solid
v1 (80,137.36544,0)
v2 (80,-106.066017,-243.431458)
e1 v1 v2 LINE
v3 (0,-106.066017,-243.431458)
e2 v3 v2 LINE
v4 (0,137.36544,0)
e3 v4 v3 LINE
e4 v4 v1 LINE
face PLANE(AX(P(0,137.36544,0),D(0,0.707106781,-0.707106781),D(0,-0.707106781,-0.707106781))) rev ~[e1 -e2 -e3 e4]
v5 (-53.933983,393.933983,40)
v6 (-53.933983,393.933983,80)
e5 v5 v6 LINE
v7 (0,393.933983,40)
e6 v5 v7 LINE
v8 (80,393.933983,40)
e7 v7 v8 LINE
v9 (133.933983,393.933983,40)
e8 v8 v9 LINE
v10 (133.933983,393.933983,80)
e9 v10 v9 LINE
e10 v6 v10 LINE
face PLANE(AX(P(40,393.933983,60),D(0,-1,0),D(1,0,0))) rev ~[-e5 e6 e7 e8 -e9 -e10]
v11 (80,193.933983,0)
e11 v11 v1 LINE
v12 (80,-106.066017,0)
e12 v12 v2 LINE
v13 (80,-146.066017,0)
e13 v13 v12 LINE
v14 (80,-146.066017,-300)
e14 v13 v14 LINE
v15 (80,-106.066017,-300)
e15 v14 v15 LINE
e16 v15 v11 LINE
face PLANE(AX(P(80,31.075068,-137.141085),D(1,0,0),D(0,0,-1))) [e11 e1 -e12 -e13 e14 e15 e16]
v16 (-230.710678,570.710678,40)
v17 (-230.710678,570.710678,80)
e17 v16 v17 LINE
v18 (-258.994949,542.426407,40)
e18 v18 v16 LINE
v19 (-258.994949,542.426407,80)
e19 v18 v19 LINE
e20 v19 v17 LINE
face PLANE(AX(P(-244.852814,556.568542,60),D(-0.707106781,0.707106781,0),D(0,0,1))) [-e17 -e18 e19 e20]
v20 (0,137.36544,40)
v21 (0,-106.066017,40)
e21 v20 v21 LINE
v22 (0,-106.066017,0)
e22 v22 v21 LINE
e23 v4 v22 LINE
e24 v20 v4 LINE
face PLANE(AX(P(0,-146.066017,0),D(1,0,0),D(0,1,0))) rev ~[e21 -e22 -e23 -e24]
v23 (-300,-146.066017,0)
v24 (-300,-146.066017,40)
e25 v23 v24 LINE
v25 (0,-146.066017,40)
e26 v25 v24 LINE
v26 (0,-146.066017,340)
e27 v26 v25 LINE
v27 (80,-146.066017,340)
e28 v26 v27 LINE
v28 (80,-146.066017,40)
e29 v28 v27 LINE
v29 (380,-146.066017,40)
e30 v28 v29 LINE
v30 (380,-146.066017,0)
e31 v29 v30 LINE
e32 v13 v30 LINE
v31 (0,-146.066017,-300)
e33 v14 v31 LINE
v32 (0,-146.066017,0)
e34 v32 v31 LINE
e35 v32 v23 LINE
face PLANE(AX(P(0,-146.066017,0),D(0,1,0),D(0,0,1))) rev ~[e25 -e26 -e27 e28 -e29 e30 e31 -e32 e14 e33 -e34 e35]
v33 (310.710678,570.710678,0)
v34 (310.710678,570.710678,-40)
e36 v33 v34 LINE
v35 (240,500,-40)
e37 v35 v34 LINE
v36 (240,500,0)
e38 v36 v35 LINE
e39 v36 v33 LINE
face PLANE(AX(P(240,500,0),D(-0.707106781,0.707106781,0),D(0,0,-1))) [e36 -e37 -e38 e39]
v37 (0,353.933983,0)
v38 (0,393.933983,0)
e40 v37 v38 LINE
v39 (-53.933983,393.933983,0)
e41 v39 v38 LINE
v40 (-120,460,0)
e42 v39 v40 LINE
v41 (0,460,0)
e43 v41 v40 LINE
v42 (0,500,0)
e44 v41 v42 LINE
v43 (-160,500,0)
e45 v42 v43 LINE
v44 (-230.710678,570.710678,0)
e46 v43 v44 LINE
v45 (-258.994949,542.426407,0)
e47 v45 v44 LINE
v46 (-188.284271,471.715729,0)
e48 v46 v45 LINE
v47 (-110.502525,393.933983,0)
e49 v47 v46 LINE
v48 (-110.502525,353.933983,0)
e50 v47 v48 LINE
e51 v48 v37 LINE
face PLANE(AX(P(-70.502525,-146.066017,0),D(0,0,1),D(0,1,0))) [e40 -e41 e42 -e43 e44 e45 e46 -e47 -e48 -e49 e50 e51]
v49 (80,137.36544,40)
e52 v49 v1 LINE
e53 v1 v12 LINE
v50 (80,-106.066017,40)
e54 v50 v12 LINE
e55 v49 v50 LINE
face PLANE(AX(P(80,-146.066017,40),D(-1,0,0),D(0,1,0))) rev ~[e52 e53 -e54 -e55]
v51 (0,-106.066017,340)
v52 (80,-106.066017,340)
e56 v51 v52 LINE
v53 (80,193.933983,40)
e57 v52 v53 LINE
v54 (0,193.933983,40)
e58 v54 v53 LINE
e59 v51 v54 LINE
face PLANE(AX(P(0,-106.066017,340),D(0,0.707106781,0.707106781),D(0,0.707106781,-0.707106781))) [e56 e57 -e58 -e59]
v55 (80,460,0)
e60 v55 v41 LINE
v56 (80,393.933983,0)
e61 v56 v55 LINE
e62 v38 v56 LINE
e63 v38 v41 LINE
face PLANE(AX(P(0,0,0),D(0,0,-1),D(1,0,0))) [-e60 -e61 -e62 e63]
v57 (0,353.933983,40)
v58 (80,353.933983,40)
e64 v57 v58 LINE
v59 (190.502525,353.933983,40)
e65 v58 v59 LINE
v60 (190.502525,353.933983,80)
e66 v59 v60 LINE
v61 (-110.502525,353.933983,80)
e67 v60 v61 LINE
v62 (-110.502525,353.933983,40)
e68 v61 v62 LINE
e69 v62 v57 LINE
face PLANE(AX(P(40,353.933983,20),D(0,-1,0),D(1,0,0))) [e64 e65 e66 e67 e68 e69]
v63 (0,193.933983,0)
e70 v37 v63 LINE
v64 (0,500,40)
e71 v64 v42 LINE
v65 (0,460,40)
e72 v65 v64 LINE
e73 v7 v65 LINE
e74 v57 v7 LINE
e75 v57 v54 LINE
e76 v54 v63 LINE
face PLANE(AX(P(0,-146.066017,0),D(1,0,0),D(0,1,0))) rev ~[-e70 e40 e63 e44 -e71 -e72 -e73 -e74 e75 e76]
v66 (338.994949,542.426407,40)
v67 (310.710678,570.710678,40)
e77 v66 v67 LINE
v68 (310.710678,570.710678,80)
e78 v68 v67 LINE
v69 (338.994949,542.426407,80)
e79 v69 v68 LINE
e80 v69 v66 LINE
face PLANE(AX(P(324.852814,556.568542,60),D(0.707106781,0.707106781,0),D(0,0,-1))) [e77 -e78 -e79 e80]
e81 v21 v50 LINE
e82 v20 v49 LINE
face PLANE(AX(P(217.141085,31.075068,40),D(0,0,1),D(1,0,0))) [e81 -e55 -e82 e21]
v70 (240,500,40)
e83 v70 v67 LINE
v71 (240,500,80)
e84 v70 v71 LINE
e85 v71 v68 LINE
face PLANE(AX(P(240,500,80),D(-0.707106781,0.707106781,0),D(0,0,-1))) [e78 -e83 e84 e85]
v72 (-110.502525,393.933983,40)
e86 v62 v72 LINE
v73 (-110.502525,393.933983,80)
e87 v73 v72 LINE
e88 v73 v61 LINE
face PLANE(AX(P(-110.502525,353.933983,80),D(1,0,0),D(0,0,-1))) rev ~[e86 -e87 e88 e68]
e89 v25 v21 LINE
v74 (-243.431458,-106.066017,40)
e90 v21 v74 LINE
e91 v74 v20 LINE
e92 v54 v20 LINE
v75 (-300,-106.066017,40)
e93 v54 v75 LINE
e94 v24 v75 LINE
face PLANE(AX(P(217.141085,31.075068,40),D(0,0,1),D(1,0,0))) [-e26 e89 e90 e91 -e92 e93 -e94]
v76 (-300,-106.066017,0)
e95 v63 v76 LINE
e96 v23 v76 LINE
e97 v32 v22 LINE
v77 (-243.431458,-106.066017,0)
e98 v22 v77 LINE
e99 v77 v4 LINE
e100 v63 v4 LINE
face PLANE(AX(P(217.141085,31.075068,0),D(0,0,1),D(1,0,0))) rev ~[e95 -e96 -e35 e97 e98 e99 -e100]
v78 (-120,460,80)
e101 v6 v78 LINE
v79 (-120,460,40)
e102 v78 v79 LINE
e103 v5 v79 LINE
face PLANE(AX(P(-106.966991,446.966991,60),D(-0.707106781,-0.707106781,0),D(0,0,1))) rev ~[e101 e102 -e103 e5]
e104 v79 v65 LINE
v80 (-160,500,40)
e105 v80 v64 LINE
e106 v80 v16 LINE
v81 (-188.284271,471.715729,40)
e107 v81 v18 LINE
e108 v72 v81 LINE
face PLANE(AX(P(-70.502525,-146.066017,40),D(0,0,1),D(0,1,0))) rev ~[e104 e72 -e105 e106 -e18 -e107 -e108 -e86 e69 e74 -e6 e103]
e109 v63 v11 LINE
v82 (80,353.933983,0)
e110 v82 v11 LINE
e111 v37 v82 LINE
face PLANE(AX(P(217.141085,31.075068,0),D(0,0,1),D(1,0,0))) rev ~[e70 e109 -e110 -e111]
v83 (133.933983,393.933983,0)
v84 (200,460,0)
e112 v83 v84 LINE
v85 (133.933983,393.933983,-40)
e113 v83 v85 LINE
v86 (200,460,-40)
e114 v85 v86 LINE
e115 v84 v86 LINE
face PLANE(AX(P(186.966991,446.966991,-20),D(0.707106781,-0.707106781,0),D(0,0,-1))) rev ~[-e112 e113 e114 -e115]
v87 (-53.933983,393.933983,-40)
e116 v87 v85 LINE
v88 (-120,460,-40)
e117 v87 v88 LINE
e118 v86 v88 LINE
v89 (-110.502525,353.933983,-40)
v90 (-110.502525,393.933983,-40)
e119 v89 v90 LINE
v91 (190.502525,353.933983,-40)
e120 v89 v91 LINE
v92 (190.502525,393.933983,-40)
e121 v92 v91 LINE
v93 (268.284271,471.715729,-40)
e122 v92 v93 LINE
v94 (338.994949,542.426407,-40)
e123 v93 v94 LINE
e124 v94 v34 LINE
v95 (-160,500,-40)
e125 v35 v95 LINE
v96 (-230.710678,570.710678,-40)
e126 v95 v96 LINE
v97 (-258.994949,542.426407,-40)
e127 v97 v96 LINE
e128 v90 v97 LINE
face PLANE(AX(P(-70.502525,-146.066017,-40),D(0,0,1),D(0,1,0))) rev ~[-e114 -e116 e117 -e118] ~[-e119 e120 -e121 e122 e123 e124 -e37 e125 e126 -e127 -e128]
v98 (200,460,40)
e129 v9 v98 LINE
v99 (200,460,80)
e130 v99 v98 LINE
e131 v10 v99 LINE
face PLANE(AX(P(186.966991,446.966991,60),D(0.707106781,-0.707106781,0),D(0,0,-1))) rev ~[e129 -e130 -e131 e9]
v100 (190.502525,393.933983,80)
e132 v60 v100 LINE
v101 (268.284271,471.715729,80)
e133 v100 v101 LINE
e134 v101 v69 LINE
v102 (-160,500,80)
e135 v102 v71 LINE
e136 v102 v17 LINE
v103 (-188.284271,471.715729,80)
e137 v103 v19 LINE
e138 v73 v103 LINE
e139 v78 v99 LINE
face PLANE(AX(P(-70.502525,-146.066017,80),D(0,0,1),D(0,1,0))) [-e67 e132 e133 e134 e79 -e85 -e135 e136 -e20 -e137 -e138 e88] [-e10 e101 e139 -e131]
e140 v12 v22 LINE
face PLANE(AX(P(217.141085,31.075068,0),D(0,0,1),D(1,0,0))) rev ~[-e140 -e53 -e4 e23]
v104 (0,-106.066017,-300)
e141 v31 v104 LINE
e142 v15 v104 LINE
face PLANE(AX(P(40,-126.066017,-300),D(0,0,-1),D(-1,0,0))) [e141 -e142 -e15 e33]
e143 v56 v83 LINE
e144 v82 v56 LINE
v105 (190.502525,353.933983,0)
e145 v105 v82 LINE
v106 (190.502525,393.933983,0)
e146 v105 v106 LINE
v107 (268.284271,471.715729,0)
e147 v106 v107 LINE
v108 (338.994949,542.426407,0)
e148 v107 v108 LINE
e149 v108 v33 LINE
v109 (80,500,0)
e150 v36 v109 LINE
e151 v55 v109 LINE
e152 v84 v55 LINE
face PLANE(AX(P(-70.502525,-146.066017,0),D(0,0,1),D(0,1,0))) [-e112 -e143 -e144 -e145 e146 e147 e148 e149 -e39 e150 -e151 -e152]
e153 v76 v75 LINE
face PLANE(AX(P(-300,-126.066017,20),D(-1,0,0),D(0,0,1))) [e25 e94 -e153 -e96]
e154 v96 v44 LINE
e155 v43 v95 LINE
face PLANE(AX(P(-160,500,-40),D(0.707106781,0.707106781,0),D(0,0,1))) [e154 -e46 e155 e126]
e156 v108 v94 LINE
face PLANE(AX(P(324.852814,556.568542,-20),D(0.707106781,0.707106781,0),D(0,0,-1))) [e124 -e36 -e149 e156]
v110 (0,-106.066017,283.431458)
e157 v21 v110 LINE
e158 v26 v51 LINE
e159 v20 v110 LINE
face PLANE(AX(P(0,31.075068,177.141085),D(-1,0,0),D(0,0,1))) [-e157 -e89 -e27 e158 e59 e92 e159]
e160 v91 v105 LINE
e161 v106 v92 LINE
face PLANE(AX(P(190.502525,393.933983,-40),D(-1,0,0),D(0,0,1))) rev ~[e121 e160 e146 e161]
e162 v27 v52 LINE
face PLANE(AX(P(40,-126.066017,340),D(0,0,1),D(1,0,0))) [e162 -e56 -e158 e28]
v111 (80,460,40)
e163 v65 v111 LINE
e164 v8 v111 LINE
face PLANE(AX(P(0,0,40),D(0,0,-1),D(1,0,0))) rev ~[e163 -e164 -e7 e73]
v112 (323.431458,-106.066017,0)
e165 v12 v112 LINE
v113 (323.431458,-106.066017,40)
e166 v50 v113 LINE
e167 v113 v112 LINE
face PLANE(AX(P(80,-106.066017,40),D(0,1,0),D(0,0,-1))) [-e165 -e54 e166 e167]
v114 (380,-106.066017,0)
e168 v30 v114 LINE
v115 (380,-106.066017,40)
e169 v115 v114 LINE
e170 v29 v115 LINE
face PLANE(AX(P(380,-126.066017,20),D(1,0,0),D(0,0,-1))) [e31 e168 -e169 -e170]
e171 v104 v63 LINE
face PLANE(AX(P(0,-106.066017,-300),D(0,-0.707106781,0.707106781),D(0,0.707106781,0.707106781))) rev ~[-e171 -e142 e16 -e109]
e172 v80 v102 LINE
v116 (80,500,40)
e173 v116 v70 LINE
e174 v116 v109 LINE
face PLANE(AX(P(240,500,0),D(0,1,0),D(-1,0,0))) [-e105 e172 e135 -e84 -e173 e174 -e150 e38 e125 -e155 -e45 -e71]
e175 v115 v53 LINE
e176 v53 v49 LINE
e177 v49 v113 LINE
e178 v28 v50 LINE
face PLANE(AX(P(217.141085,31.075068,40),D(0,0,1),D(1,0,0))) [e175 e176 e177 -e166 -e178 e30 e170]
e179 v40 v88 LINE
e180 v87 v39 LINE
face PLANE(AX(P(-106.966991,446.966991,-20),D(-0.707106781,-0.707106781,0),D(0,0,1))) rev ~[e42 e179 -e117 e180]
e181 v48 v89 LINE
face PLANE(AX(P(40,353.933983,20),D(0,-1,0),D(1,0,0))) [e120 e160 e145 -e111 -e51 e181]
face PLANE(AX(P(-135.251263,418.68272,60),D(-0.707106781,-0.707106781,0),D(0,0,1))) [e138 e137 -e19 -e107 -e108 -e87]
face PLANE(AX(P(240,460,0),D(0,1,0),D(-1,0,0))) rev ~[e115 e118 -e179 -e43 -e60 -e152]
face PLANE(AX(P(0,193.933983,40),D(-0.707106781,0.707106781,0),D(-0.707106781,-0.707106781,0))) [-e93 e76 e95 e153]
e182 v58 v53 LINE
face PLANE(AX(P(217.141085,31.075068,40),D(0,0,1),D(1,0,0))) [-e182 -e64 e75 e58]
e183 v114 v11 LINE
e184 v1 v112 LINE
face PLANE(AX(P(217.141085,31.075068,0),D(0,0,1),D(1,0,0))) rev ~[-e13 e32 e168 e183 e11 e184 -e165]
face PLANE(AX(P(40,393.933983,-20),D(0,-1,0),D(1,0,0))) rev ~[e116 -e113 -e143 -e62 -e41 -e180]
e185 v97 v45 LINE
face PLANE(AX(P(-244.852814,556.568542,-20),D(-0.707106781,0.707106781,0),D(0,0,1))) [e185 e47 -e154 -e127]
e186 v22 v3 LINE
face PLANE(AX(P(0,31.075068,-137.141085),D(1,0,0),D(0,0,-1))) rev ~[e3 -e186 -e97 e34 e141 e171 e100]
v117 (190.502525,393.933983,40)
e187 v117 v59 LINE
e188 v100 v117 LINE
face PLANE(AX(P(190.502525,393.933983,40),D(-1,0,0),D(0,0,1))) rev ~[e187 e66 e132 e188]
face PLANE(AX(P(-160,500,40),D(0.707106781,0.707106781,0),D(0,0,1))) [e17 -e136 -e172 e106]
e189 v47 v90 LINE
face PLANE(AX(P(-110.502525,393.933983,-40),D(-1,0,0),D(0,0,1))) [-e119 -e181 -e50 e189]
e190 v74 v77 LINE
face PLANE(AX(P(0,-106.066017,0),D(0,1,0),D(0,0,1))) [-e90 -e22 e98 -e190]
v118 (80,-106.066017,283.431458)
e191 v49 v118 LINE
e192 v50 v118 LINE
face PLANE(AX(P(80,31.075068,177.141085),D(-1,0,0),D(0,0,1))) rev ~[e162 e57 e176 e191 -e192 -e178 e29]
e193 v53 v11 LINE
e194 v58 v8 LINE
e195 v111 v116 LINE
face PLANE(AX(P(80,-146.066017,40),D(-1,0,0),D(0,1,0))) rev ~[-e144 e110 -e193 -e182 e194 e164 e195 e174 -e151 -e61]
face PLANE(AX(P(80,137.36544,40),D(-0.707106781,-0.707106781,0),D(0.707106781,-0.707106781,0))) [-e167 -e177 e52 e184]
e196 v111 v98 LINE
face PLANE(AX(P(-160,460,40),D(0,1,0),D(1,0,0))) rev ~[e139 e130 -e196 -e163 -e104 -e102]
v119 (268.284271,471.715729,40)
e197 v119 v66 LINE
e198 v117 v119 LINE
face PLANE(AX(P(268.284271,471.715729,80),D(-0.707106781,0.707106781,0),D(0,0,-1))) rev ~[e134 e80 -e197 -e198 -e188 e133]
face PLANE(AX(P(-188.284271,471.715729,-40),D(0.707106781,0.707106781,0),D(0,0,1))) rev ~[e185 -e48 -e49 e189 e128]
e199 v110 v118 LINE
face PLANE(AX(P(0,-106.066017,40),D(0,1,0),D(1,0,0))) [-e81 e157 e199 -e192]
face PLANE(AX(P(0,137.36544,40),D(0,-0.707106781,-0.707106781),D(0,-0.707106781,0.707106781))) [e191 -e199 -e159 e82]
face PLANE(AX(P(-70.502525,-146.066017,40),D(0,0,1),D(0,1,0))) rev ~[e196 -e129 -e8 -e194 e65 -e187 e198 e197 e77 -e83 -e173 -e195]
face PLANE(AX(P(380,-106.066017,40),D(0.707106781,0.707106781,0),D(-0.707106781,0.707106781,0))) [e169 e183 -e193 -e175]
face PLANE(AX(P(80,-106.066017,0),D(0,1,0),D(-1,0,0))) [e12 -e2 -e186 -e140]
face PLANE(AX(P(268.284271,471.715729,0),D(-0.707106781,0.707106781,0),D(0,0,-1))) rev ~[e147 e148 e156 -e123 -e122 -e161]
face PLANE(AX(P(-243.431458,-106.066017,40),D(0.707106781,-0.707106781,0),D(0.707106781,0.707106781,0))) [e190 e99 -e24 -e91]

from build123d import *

# Parameters (mm, degrees)
SKETCH_1_W          = 80
SKETCH_1_H          = 40
EXTRUDE_1_DEPTH     = 500
SKETCH_2_W          = 400
SKETCH_2_H          = 40
EXTRUDE_2_DEPTH     = 40
SKETCH_3_W          = 400
SKETCH_3_H          = 40
EXTRUDE_3_DEPTH     = 40
CUT_EXTRUDE_1_DEPTH = 121
SKETCH_5_W          = 40
SKETCH_5_H          = 150
EXTRUDE_4_DEPTH     = 40
SKETCH_6_W          = 40
SKETCH_6_H          = 40
EXTRUDE_5_DEPTH     = 100
SKETCH_7_W          = 40
SKETCH_7_H          = 150
EXTRUDE_6_DEPTH     = 40
SKETCH_8_W          = 40
SKETCH_8_H          = 40
EXTRUDE_7_DEPTH     = 100
SKETCH_9_W          = 40
SKETCH_9_H          = 150
EXTRUDE_8_DEPTH     = 40
SKETCH_10_W         = 40
SKETCH_10_H         = 40
EXTRUDE_9_DEPTH     = 100
CUT_EXTRUDE_2_DEPTH = 121
SKETCH_13_W         = 301.005050634
SKETCH_13_H         = 40
EXTRUDE_10_DEPTH    = 40
SKETCH_14_W         = 40
SKETCH_14_H         = 40
EXTRUDE_11_DEPTH    = 500
SKETCH_15_W         = 80
SKETCH_15_H         = 40
EXTRUDE_12_DEPTH    = 146.066017
EXTRUDE_13_REACH    = 411.497
SKETCH_17_W         = 40
SKETCH_17_H         = 40
CUT_EXTRUDE_3_DEPTH = 500
SKETCH_19_W         = 80
SKETCH_19_H         = 40
EXTRUDE_14_DEPTH    = 500
SKETCH_20_W         = 80
SKETCH_20_H         = 40
EXTRUDE_15_DEPTH    = 300
SKETCH_21_W         = 40
SKETCH_21_H         = 40
EXTRUDE_16_DEPTH    = 300
SKETCH_22_W         = 80
SKETCH_22_H         = 40
EXTRUDE_17_DEPTH    = 300
SKETCH_23_W         = 40
SKETCH_23_H         = 40
EXTRUDE_18_DEPTH    = 300
EXTRUDE_19_DEPTH    = 40
EXTRUDE_20_DEPTH    = 40
EXTRUDE_21_DEPTH    = 80
EXTRUDE_22_DEPTH    = 80


with BuildPart() as part:
    # 草图1 → 凸台-拉伸1 (new body)
    with BuildSketch(Plane(origin=(0, 0, 0), x_dir=(1, 0, 0), z_dir=(0, 1, 0))):
        with Locations((40, -20)):
            Rectangle(SKETCH_1_W, SKETCH_1_H)
    extrude(amount=EXTRUDE_1_DEPTH)

    # 草图2 → 凸台-拉伸2 (add)
    with BuildSketch(Plane.XY.offset(40)):
        with Locations((40, 480)):
            Rectangle(SKETCH_2_W, SKETCH_2_H)
    extrude(amount=EXTRUDE_2_DEPTH)

    # 草图3 → 凸台-拉伸3 (add)
    with BuildSketch(Plane(origin=(0, 0, 0), x_dir=(-1, 0, 0), z_dir=(0, 0, -1))):
        with Locations((-40, 480)):
            Rectangle(SKETCH_3_W, SKETCH_3_H)
    extrude(amount=EXTRUDE_3_DEPTH)

    # 草图4 → 切除-拉伸1 (cut, through all)
    with BuildSketch(Plane.XY.offset(80)):
        Polygon((-160, 500), (-120, 460), (-160, 460), align=None)
        Polygon((240, 500), (200, 460), (240, 460), align=None)
    extrude(amount=-CUT_EXTRUDE_1_DEPTH, mode=Mode.SUBTRACT)

    # 草图5 → 凸台-拉伸4 (add)
    with BuildSketch(Plane(origin=(-130, 130, 0), x_dir=(0, 0, -1), z_dir=(0.707106781, -0.707106781, 0))):
        with Locations((-60, 448.259018078)):
            Rectangle(SKETCH_5_W, SKETCH_5_H)
    extrude(amount=EXTRUDE_4_DEPTH)

    # 草图6 → 凸台-拉伸5 (add)
    with BuildSketch(Plane(origin=(370, 370, 0), x_dir=(0, 0, -1), z_dir=(0.707106781, 0.707106781, 0))):
        with Locations((-60, 163.847763108)):
            Rectangle(SKETCH_6_W, SKETCH_6_H)
    extrude(amount=EXTRUDE_5_DEPTH)

    # 草图7 → 凸台-拉伸6 (add)
    with BuildSketch(Plane(origin=(-130, 130, 0), x_dir=(0, 0, -1), z_dir=(0.707106781, -0.707106781, 0))):
        with Locations((20, 448.259018078)):
            Rectangle(SKETCH_7_W, SKETCH_7_H)
    extrude(amount=EXTRUDE_6_DEPTH)

    # 草图8 → 凸台-拉伸7 (add)
    with BuildSketch(Plane(origin=(370, 370, 0), x_dir=(0, 0, -1), z_dir=(0.707106781, 0.707106781, 0))):
        with Locations((20, 163.847763108)):
            Rectangle(SKETCH_8_W, SKETCH_8_H)
    extrude(amount=EXTRUDE_7_DEPTH)

    # 草图9 → 凸台-拉伸8 (add)
    with BuildSketch(Plane(origin=(170, 170, 0), x_dir=(0, 0, 1), z_dir=(-0.707106781, -0.707106781, 0))):
        with Locations((-20, 391.690475583)):
            Rectangle(SKETCH_9_W, SKETCH_9_H)
        with Locations((60, 391.690475583)):
            Rectangle(SKETCH_9_W, SKETCH_9_H)
    extrude(amount=EXTRUDE_8_DEPTH)

    # 草图10 → 凸台-拉伸9 (add)
    with BuildSketch(Plane(origin=(-330, 330, 0), x_dir=(0, 0, 1), z_dir=(-0.707106781, 0.707106781, 0))):
        with Locations((-20, 220.416305603)):
            Rectangle(SKETCH_10_W, SKETCH_10_H)
        with Locations((60, 220.416305603)):
            Rectangle(SKETCH_10_W, SKETCH_10_H)
    extrude(amount=EXTRUDE_9_DEPTH)

    # 草图12 → 切除-拉伸2 (cut, through all)
    with BuildSketch(Plane.XY.offset(80)):
        Polygon((-82.218254069, 365.649711575), (-53.933982822, 393.933982822), (-110.502525317, 393.933982822), align=None)
        Polygon((133.933982822, 393.933982822), (162.218254069, 365.649711575), (190.502525317, 393.933982822), align=None)
    extrude(amount=-CUT_EXTRUDE_2_DEPTH, mode=Mode.SUBTRACT)

    # 草图13 → 凸台-拉伸10 (add)
    with BuildSketch(Plane.XZ.offset(-393.933982822)):
        with Locations((40, 60)):
            Rectangle(SKETCH_13_W, SKETCH_13_H)
        with Locations((40, -20)):
            Rectangle(SKETCH_13_W, SKETCH_13_H)
    extrude(amount=EXTRUDE_10_DEPTH)

    # 草图14 → 凸台-拉伸11 (add)
    with BuildSketch(Plane(origin=(0, 353.933982822, 0), x_dir=(-1, 0, 0), z_dir=(0, -1, 0))):
        with Locations((90.502525317, -60)):
            Rectangle(SKETCH_14_W, SKETCH_14_H)
        with Locations((90.502525317, 20)):
            Rectangle(SKETCH_14_W, SKETCH_14_H)
        with Locations((-170.502525317, -60)):
            Rectangle(SKETCH_14_W, SKETCH_14_H)
        with Locations((-170.502525317, 20)):
            Rectangle(SKETCH_14_W, SKETCH_14_H)
    extrude(amount=EXTRUDE_11_DEPTH)

    # 草图15 → 凸台-拉伸12 (add)
    with BuildSketch(Plane.XZ):
        with Locations((40, 20)):
            Rectangle(SKETCH_15_W, SKETCH_15_H)
    extrude(amount=EXTRUDE_12_DEPTH)

    # 草图17 → 凸台-拉伸13 (add, up to next)
    with BuildSketch(Plane(origin=(-70.502525317, 0, 0), x_dir=(0, 0, -1), z_dir=(1, 0, 0)), mode=Mode.PRIVATE) as extrude_13_sk1:
        with Locations((-60, -126.066017178)):
            Rectangle(SKETCH_17_W, SKETCH_17_H)
    extrude_13_tool1 = extrude(extrude_13_sk1.sketch, amount=EXTRUDE_13_REACH, mode=Mode.PRIVATE) - part.part
    add(extrude_13_tool1.solids().sort_by_distance((-70.502525, -126.066017, 60))[0])
    # 草图17 → 凸台-拉伸13 (add, up to next)
    with BuildSketch(Plane(origin=(-70.502525317, 0, 0), x_dir=(0, 0, -1), z_dir=(1, 0, 0)), mode=Mode.PRIVATE) as extrude_13_sk2:
        with Locations((20, -126.066017178)):
            Rectangle(SKETCH_17_W, SKETCH_17_H)
    extrude_13_tool2 = extrude(extrude_13_sk2.sketch, amount=EXTRUDE_13_REACH, mode=Mode.PRIVATE) - part.part
    add(extrude_13_tool2.solids().sort_by_distance((-70.502525, -126.066017, -20))[0])

    # 草图18 → 切除-拉伸3 (cut)
    with BuildSketch(Plane.XZ.offset(146.066017178)):
        Polygon((-110.502525317, 80), (-110.502525317, 40), (0, 40), (0, 0), (-110.502525317, 0), (-110.502525317, -40), (190.502525317, -40), (190.502525317, 0), (80, 0), (80, 40), (190.502525317, 40), (190.502525317, 80), align=None)
    extrude(amount=-CUT_EXTRUDE_3_DEPTH, mode=Mode.SUBTRACT)

    # 草图19 → 凸台-拉伸14 (add)
    with BuildSketch(Plane.XZ.offset(-353.933982822)):
        with Locations((40, 20)):
            Rectangle(SKETCH_19_W, SKETCH_19_H)
    extrude(amount=EXTRUDE_14_DEPTH)

    # 草图20 → 凸台-拉伸15 (add)
    with BuildSketch(Plane.XY.offset(40)):
        with Locations((40, -126.066017178)):
            Rectangle(SKETCH_20_W, SKETCH_20_H)
    extrude(amount=EXTRUDE_15_DEPTH)

    # 草图21 → 凸台-拉伸16 (add)
    with BuildSketch(Plane(origin=(80, 0, 0), x_dir=(0, 0, -1), z_dir=(1, 0, 0))):
        with Locations((-20, -126.066017178)):
            Rectangle(SKETCH_21_W, SKETCH_21_H)
    extrude(amount=EXTRUDE_16_DEPTH)

    # 草图22 → 凸台-拉伸17 (add)
    with BuildSketch(Plane(origin=(0, 0, 0), x_dir=(-1, 0, 0), z_dir=(0, 0, -1))):
        with Locations((-40, -126.066017178)):
            Rectangle(SKETCH_22_W, SKETCH_22_H)
    extrude(amount=EXTRUDE_17_DEPTH)

    # 草图23 → 凸台-拉伸18 (add)
    with BuildSketch(Plane.ZY):
        with Locations((20, -126.066017178)):
            Rectangle(SKETCH_23_W, SKETCH_23_H)
    extrude(amount=EXTRUDE_18_DEPTH)

    # 草图24 → 凸台-拉伸19 (add)
    with BuildSketch(Plane.XY.offset(40)):
        Polygon((-243.431457505, -106.066017178), (0, 137.365440327), (0, 193.933982822), (-300, -106.066017178), align=None)
    extrude(amount=-EXTRUDE_19_DEPTH)

    # 草图25 → 凸台-拉伸20 (add)
    with BuildSketch(Plane.XY.offset(40)):
        Polygon((380, -106.066017178), (80, 193.933982822), (80, 137.365440327), (323.431457505, -106.066017178), align=None)
    extrude(amount=-EXTRUDE_20_DEPTH)

    # 草图26 → 凸台-拉伸21 (add)
    with BuildSketch(Plane.ZY):
        Polygon((-300, -106.066017178), (0, 193.933982822), (0, 137.365440327), (-243.431457505, -106.066017178), align=None)
    extrude(amount=-EXTRUDE_21_DEPTH)

    # 草图27 → 凸台-拉伸22 (add)
    with BuildSketch(Plane.ZY):
        Polygon((340, -106.066017178), (40, 193.933982822), (40, 137.365440327), (283.431457505, -106.066017178), align=None)
    extrude(amount=-EXTRUDE_22_DEPTH)


solid = part.part
